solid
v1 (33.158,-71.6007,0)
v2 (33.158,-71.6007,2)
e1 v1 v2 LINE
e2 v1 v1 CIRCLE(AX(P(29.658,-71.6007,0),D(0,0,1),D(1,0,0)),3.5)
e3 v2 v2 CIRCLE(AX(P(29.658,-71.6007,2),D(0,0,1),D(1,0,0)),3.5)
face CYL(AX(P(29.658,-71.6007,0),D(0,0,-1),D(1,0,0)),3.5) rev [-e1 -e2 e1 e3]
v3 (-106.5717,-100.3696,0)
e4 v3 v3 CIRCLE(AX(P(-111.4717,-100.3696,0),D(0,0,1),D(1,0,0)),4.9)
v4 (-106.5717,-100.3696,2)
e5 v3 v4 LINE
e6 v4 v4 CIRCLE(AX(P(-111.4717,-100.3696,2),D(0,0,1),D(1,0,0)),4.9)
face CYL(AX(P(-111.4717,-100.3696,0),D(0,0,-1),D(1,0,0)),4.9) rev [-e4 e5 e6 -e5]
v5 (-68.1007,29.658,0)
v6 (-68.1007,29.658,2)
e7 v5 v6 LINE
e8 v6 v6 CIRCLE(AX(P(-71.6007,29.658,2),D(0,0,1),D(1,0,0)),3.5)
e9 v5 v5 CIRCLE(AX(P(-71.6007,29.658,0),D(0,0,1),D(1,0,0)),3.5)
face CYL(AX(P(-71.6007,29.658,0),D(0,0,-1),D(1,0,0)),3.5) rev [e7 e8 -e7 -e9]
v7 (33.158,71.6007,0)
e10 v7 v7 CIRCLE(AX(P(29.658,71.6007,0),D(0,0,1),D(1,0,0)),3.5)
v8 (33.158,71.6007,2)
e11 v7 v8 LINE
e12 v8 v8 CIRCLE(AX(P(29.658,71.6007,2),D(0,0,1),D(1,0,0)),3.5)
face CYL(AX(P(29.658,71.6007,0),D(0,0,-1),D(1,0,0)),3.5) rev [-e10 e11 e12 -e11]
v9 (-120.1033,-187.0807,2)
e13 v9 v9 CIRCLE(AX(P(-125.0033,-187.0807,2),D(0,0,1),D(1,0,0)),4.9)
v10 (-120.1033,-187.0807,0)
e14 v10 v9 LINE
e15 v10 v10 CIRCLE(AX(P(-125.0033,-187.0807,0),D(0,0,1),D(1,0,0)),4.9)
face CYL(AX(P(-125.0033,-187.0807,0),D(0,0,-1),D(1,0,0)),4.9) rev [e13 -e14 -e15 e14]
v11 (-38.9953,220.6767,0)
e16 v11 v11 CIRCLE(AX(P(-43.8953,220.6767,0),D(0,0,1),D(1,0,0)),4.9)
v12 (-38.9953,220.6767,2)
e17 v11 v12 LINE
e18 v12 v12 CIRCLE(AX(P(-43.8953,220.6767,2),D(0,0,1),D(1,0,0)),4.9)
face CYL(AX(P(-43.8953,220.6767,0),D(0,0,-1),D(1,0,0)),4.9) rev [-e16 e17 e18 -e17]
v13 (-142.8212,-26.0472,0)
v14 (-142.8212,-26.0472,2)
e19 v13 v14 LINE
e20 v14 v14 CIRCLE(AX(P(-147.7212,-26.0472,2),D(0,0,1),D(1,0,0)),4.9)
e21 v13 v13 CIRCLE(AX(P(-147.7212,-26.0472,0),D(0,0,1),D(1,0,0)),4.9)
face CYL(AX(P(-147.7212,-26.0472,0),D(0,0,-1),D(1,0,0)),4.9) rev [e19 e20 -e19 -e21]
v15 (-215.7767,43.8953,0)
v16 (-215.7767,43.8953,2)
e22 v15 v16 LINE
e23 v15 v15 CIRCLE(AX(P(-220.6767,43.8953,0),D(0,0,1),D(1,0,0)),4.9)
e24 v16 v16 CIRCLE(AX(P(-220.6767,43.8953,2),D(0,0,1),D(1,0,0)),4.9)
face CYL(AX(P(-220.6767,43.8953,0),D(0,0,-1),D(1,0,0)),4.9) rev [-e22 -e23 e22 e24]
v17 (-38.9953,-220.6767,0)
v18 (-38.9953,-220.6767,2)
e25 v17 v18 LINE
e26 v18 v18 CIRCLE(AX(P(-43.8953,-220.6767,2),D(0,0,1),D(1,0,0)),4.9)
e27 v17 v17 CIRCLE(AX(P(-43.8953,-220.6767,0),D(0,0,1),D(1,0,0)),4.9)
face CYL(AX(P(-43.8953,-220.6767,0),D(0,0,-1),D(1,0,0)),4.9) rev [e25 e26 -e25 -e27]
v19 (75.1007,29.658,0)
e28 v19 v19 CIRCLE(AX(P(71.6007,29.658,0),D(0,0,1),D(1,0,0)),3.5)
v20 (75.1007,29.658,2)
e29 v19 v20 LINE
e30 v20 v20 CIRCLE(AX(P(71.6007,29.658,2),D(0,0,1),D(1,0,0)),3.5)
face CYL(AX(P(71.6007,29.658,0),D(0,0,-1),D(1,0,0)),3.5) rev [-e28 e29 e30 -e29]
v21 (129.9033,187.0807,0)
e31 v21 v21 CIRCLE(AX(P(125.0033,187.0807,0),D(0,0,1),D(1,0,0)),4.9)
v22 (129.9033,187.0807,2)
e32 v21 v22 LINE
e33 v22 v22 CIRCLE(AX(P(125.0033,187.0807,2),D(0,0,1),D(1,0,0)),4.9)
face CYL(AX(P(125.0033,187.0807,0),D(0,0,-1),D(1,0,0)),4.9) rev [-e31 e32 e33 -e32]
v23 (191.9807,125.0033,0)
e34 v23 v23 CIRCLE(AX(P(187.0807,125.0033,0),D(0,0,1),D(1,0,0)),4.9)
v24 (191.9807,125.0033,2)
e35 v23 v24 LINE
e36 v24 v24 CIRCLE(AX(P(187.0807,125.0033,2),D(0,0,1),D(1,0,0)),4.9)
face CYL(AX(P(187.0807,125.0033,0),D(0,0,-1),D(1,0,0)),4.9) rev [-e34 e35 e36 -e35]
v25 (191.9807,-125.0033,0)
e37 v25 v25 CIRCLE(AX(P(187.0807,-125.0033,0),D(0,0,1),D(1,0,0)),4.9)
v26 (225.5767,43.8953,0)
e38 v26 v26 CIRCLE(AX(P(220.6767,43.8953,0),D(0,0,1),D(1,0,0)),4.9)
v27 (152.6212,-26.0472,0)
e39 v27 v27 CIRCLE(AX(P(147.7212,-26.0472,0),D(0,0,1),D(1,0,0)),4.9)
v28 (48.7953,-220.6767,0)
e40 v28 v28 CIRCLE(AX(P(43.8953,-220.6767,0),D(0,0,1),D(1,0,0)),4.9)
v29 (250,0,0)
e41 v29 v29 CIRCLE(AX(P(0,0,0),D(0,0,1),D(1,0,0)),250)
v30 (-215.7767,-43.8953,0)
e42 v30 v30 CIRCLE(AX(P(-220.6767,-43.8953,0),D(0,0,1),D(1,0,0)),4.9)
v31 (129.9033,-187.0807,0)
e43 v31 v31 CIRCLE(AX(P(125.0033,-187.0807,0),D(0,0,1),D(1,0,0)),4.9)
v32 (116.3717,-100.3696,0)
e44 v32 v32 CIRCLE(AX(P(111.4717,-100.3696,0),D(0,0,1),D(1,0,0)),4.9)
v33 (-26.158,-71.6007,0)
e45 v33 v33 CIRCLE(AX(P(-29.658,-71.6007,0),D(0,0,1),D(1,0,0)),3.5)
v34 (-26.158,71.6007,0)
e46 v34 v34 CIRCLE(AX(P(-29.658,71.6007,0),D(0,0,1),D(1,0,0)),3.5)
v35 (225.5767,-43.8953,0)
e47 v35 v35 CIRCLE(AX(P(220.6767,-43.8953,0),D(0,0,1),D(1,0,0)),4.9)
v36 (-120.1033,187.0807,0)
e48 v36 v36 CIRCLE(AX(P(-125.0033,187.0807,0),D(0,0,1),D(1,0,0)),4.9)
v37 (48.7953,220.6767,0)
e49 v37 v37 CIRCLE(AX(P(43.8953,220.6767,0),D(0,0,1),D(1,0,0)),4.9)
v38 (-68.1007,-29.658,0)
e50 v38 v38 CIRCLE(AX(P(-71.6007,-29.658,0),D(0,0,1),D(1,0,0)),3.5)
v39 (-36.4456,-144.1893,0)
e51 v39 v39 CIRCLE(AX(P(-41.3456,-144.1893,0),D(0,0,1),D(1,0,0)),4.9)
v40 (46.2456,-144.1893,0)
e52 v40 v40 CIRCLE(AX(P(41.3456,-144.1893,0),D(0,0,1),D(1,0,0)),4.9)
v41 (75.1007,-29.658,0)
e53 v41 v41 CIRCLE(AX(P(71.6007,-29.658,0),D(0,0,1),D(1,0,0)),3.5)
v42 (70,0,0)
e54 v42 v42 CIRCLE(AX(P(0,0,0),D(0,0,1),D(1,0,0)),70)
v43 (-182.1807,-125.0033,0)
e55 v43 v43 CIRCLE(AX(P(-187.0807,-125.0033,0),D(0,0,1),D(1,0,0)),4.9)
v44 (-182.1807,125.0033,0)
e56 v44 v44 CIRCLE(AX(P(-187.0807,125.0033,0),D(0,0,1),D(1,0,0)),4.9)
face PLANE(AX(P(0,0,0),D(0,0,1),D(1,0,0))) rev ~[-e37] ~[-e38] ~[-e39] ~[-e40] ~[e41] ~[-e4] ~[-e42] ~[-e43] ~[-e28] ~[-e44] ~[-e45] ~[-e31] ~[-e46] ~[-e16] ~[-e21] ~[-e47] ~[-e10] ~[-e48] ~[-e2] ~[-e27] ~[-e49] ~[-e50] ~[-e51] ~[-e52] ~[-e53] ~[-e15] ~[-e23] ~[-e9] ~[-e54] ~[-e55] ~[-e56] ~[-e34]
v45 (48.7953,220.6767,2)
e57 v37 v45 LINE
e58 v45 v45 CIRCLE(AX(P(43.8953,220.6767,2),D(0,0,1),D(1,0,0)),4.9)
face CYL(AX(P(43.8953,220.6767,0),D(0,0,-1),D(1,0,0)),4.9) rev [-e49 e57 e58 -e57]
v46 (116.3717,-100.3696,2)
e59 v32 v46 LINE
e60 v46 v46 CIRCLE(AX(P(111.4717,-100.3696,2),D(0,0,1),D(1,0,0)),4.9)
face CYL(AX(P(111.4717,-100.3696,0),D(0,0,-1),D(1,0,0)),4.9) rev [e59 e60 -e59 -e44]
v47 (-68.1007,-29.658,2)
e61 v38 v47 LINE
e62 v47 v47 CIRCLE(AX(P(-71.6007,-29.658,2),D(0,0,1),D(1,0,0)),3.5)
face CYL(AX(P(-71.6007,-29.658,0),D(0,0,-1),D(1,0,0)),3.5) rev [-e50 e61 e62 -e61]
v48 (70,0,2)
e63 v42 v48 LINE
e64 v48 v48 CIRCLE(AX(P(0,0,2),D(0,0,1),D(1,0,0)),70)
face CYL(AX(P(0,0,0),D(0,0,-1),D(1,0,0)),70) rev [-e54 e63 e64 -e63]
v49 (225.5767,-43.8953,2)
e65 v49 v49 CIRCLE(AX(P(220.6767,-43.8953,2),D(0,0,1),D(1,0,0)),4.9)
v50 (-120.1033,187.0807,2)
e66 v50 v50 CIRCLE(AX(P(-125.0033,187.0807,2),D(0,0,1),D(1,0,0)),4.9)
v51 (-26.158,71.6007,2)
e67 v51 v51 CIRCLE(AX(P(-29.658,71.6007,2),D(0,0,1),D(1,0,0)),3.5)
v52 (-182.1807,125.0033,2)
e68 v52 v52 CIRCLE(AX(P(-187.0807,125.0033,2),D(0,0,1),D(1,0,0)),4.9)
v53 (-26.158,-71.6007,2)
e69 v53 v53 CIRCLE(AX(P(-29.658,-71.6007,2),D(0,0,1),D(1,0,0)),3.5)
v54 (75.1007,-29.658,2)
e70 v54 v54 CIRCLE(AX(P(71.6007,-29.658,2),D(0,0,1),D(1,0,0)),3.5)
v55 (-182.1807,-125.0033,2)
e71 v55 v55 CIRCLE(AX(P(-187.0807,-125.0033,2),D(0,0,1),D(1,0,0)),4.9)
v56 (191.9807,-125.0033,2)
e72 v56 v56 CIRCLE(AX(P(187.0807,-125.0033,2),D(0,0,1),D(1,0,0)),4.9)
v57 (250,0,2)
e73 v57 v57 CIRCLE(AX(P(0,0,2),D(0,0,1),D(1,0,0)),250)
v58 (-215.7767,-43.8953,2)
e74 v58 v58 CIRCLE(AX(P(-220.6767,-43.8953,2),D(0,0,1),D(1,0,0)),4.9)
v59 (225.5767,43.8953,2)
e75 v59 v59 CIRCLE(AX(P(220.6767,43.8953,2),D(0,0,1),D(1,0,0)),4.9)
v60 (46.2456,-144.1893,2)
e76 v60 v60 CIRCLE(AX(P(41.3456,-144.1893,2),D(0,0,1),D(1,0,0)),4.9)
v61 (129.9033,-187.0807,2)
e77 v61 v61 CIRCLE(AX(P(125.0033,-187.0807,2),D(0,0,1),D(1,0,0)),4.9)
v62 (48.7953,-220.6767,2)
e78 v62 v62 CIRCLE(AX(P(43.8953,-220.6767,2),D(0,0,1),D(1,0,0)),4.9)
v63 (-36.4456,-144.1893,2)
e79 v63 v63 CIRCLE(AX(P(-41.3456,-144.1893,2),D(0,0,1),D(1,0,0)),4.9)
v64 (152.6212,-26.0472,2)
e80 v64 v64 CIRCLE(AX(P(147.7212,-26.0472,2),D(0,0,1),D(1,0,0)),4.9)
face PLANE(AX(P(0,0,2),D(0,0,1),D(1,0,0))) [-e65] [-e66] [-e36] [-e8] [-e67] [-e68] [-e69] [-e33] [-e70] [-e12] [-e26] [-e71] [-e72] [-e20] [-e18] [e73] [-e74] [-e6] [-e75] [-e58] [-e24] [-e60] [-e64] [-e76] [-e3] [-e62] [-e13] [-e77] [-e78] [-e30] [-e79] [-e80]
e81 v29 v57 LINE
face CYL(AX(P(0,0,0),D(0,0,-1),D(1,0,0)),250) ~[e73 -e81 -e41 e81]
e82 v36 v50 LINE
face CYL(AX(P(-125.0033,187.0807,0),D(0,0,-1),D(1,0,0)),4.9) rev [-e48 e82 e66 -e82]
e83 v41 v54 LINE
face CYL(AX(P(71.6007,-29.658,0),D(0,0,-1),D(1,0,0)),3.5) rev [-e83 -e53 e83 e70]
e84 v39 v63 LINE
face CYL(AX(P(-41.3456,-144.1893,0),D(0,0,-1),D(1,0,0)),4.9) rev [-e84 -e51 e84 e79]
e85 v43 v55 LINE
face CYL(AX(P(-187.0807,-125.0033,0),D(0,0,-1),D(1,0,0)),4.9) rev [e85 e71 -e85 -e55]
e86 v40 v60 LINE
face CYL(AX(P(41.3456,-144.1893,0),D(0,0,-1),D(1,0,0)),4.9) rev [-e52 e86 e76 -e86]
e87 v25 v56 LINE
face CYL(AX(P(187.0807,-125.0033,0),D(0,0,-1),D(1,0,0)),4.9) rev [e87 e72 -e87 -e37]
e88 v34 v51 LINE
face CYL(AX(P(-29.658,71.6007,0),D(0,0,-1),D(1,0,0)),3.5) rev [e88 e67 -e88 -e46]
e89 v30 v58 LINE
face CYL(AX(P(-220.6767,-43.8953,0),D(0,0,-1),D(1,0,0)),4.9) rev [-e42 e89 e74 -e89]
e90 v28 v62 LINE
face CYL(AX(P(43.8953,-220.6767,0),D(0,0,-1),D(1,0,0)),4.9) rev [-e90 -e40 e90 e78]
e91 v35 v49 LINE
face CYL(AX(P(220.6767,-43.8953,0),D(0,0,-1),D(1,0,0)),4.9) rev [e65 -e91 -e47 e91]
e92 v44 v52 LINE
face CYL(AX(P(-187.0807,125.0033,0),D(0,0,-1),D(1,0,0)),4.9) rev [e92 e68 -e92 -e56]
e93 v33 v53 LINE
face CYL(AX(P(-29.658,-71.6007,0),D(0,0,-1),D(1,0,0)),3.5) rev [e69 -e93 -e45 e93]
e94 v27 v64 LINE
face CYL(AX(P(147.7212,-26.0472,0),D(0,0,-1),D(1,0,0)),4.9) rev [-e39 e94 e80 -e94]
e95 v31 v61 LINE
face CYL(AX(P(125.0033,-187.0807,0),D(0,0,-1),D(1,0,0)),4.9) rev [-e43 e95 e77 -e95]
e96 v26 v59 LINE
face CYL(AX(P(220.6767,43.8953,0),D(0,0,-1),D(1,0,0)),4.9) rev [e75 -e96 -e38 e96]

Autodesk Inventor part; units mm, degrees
ref_plane "YZ Plane" through (0, 0, 0) normal (1, 0, 0) x (0, 1, 0)
ref_plane "XZ Plane" through (0, 0, 0) normal (0, 1, 0) x (-1, 0, 0)
ref_plane "XY Plane" through (0, 0, 0) normal (0, 0, 1) x (1, 0, 0)
sketch "Sketch1" plane through (0, 0, 0) normal (0, 0, 1) x (1, 0, 0)
  circle A0 centre (0, 0) radius 70
  circle A1 centre (0, 0) radius 250
  circle A2 centre (0, 0) radius 225 construction
  line L0 (-144.3376, -250) -> (-288.6751, 0) construction
  line L1 (-288.6751, 0) -> (-144.3376, 250) construction
  line L2 (-144.3376, 250) -> (144.3376, 250) construction
  line L3 (144.3376, 250) -> (288.6751, 0) construction
  line L4 (288.6751, 0) -> (144.3376, -250) construction
  line L5 (144.3376, -250) -> (-144.3376, -250) construction
  arc A3 (-28.3948, 223.2011) -> (-59.182, 217.0771) centre (0, 0) ccw construction
  arc A4 (-29.0131, 228.0619) -> (-60.4709, 221.8046) centre (0, 0) ccw construction
  arc A5 (-27.7764, 218.3403) -> (-57.8932, 212.3497) centre (0, 0) ccw construction
  arc A6 (-27.7764, 218.3403) -> (-29.0131, 228.0619) centre (-28.3948, 223.2011) ccw construction
  arc A7 (-60.4709, 221.8046) -> (-57.8932, 212.3497) centre (-59.182, 217.0771) ccw construction
  line L6 (-28.3948, 223.2011) -> (0, 0) construction
  line L7 (-59.182, 217.0771) -> (0, 0) construction
  line L8 (0, 0) -> (0, 70) construction
  line L9 (-43.8953, 220.6767) -> (0, 0) construction
  circle A8 centre (-43.8953, 220.6767) radius 4.9
  circle A9 centre (-125.0033, 187.0807) radius 4.9
  circle A10 centre (-187.0807, 125.0033) radius 4.9
  circle A11 centre (-220.6767, 43.8953) radius 4.9
  circle A12 centre (-220.6767, -43.8953) radius 4.9
  circle A13 centre (-187.0807, -125.0033) radius 4.9
  circle A14 centre (-125.0033, -187.0807) radius 4.9
  circle A15 centre (-43.8953, -220.6767) radius 4.9
  circle A16 centre (43.8953, -220.6767) radius 4.9
  circle A17 centre (125.0033, -187.0807) radius 4.9
  circle A18 centre (187.0807, -125.0033) radius 4.9
  circle A19 centre (220.6767, -43.8953) radius 4.9
  circle A20 centre (220.6767, 43.8953) radius 4.9
  circle A21 centre (187.0807, 125.0033) radius 4.9
  circle A22 centre (125.0033, 187.0807) radius 4.9
  circle A23 centre (43.8953, 220.6767) radius 4.9
  circle A24 centre (-147.7212, -26.0472) radius 4.9
  circle A25 centre (0, 0) radius 150 construction
  line L10 (0, 0) -> (-250, 0) construction
  line L11 (-147.7212, -26.0472) -> (0, 0) construction
  circle A26 centre (-111.4717, -100.3696) radius 4.9
  circle A27 centre (-41.3456, -144.1893) radius 4.9
  circle A28 centre (41.3456, -144.1893) radius 4.9
  circle A29 centre (111.4717, -100.3696) radius 4.9
  circle A30 centre (147.7212, -26.0472) radius 4.9
  circle A31 centre (29.658, 71.6007) radius 3.5
  line L12 (29.658, 71.6007) -> (0, 0) construction
  circle A32 centre (0, 0) radius 77.5 construction
  circle A33 centre (-29.658, 71.6007) radius 3.5
  circle A34 centre (-71.6007, 29.658) radius 3.5
  circle A35 centre (-71.6007, -29.658) radius 3.5
  circle A36 centre (-29.658, -71.6007) radius 3.5
  circle A37 centre (29.658, -71.6007) radius 3.5
  circle A38 centre (71.6007, -29.658) radius 3.5
  circle A39 centre (71.6007, 29.658) radius 3.5
  point P0 (0, -250)
  point P1 (216.5064, 125)
  point P2 (-216.5064, 125)
  dimension "d32" = 140
  dimension "d39" = 450
  dimension "d84" = 300
  dimension "d97" = 155
  dimension "d31" = 500
  dimension "d57" = 8
  dimension "d58" = 11.25
  dimension "d82" = 360
  dimension "d89" = 10
  dimension "d92" = 160
  dimension "d94" = 9.8
  dimension "d95" = 7
  dimension "d96" = 22.5
  dimension "d100" = 360
extrude "Plate4" add sketch "Sketch1" along normal blind 2
sketch "Sketch5" plane through (0, 0, 2) normal (0, 0, 1) x (1, 0, 0)
  line L0 (-1.6, -169) -> (1.6, -169)
  line L1 (1.6, -169) -> (1.6, -209)
  line L2 (1.6, -209) -> (-1.6, -209)
  line L3 (-1.6, -209) -> (-1.6, -169)
  line L4 (-207, -40) -> (-167, -40)
  line L5 (-167, -40) -> (-167, -43.2)
  line L6 (-167, -43.2) -> (-207, -43.2)
  line L7 (-207, -43.2) -> (-207, -40)
  line L8 (0, 0) -> (0, -169)
  line L9 (167, -40) -> (207, -40)
  line L10 (207, -40) -> (207, -43.2)
  line L11 (207, -43.2) -> (167, -43.2)
  line L12 (167, -43.2) -> (167, -40)
  dimension "d74" = 3.2
  dimension "d75" = 40
  dimension "d76" = 40
  dimension "d77" = 40
  dimension "d78" = 167
  dimension "d79" = 169
feature "Mark1" [suppressed]
equation "\"d63\" = Thickness"
equation "\"BendRadius\" = Thickness"
equation "\"BendReliefWidth\" = Thickness"
equation "\"BendReliefDepth\" = 0.5 * Thickness"
equation "\"CornerReliefSize\" = 4 * Thickness"
equation "\"MinimumRemnant\" = 2 * Thickness"
equation "\"TransitionRadius\" = BendRadius"
equation "\"JacobiRadiusSize\" = BendRadius"
equation "\"GapSize\" = Thickness"
equation "\"Thickness\" = 2"
properties part number "DMF 2.1 01 45 Gear ring 5"
